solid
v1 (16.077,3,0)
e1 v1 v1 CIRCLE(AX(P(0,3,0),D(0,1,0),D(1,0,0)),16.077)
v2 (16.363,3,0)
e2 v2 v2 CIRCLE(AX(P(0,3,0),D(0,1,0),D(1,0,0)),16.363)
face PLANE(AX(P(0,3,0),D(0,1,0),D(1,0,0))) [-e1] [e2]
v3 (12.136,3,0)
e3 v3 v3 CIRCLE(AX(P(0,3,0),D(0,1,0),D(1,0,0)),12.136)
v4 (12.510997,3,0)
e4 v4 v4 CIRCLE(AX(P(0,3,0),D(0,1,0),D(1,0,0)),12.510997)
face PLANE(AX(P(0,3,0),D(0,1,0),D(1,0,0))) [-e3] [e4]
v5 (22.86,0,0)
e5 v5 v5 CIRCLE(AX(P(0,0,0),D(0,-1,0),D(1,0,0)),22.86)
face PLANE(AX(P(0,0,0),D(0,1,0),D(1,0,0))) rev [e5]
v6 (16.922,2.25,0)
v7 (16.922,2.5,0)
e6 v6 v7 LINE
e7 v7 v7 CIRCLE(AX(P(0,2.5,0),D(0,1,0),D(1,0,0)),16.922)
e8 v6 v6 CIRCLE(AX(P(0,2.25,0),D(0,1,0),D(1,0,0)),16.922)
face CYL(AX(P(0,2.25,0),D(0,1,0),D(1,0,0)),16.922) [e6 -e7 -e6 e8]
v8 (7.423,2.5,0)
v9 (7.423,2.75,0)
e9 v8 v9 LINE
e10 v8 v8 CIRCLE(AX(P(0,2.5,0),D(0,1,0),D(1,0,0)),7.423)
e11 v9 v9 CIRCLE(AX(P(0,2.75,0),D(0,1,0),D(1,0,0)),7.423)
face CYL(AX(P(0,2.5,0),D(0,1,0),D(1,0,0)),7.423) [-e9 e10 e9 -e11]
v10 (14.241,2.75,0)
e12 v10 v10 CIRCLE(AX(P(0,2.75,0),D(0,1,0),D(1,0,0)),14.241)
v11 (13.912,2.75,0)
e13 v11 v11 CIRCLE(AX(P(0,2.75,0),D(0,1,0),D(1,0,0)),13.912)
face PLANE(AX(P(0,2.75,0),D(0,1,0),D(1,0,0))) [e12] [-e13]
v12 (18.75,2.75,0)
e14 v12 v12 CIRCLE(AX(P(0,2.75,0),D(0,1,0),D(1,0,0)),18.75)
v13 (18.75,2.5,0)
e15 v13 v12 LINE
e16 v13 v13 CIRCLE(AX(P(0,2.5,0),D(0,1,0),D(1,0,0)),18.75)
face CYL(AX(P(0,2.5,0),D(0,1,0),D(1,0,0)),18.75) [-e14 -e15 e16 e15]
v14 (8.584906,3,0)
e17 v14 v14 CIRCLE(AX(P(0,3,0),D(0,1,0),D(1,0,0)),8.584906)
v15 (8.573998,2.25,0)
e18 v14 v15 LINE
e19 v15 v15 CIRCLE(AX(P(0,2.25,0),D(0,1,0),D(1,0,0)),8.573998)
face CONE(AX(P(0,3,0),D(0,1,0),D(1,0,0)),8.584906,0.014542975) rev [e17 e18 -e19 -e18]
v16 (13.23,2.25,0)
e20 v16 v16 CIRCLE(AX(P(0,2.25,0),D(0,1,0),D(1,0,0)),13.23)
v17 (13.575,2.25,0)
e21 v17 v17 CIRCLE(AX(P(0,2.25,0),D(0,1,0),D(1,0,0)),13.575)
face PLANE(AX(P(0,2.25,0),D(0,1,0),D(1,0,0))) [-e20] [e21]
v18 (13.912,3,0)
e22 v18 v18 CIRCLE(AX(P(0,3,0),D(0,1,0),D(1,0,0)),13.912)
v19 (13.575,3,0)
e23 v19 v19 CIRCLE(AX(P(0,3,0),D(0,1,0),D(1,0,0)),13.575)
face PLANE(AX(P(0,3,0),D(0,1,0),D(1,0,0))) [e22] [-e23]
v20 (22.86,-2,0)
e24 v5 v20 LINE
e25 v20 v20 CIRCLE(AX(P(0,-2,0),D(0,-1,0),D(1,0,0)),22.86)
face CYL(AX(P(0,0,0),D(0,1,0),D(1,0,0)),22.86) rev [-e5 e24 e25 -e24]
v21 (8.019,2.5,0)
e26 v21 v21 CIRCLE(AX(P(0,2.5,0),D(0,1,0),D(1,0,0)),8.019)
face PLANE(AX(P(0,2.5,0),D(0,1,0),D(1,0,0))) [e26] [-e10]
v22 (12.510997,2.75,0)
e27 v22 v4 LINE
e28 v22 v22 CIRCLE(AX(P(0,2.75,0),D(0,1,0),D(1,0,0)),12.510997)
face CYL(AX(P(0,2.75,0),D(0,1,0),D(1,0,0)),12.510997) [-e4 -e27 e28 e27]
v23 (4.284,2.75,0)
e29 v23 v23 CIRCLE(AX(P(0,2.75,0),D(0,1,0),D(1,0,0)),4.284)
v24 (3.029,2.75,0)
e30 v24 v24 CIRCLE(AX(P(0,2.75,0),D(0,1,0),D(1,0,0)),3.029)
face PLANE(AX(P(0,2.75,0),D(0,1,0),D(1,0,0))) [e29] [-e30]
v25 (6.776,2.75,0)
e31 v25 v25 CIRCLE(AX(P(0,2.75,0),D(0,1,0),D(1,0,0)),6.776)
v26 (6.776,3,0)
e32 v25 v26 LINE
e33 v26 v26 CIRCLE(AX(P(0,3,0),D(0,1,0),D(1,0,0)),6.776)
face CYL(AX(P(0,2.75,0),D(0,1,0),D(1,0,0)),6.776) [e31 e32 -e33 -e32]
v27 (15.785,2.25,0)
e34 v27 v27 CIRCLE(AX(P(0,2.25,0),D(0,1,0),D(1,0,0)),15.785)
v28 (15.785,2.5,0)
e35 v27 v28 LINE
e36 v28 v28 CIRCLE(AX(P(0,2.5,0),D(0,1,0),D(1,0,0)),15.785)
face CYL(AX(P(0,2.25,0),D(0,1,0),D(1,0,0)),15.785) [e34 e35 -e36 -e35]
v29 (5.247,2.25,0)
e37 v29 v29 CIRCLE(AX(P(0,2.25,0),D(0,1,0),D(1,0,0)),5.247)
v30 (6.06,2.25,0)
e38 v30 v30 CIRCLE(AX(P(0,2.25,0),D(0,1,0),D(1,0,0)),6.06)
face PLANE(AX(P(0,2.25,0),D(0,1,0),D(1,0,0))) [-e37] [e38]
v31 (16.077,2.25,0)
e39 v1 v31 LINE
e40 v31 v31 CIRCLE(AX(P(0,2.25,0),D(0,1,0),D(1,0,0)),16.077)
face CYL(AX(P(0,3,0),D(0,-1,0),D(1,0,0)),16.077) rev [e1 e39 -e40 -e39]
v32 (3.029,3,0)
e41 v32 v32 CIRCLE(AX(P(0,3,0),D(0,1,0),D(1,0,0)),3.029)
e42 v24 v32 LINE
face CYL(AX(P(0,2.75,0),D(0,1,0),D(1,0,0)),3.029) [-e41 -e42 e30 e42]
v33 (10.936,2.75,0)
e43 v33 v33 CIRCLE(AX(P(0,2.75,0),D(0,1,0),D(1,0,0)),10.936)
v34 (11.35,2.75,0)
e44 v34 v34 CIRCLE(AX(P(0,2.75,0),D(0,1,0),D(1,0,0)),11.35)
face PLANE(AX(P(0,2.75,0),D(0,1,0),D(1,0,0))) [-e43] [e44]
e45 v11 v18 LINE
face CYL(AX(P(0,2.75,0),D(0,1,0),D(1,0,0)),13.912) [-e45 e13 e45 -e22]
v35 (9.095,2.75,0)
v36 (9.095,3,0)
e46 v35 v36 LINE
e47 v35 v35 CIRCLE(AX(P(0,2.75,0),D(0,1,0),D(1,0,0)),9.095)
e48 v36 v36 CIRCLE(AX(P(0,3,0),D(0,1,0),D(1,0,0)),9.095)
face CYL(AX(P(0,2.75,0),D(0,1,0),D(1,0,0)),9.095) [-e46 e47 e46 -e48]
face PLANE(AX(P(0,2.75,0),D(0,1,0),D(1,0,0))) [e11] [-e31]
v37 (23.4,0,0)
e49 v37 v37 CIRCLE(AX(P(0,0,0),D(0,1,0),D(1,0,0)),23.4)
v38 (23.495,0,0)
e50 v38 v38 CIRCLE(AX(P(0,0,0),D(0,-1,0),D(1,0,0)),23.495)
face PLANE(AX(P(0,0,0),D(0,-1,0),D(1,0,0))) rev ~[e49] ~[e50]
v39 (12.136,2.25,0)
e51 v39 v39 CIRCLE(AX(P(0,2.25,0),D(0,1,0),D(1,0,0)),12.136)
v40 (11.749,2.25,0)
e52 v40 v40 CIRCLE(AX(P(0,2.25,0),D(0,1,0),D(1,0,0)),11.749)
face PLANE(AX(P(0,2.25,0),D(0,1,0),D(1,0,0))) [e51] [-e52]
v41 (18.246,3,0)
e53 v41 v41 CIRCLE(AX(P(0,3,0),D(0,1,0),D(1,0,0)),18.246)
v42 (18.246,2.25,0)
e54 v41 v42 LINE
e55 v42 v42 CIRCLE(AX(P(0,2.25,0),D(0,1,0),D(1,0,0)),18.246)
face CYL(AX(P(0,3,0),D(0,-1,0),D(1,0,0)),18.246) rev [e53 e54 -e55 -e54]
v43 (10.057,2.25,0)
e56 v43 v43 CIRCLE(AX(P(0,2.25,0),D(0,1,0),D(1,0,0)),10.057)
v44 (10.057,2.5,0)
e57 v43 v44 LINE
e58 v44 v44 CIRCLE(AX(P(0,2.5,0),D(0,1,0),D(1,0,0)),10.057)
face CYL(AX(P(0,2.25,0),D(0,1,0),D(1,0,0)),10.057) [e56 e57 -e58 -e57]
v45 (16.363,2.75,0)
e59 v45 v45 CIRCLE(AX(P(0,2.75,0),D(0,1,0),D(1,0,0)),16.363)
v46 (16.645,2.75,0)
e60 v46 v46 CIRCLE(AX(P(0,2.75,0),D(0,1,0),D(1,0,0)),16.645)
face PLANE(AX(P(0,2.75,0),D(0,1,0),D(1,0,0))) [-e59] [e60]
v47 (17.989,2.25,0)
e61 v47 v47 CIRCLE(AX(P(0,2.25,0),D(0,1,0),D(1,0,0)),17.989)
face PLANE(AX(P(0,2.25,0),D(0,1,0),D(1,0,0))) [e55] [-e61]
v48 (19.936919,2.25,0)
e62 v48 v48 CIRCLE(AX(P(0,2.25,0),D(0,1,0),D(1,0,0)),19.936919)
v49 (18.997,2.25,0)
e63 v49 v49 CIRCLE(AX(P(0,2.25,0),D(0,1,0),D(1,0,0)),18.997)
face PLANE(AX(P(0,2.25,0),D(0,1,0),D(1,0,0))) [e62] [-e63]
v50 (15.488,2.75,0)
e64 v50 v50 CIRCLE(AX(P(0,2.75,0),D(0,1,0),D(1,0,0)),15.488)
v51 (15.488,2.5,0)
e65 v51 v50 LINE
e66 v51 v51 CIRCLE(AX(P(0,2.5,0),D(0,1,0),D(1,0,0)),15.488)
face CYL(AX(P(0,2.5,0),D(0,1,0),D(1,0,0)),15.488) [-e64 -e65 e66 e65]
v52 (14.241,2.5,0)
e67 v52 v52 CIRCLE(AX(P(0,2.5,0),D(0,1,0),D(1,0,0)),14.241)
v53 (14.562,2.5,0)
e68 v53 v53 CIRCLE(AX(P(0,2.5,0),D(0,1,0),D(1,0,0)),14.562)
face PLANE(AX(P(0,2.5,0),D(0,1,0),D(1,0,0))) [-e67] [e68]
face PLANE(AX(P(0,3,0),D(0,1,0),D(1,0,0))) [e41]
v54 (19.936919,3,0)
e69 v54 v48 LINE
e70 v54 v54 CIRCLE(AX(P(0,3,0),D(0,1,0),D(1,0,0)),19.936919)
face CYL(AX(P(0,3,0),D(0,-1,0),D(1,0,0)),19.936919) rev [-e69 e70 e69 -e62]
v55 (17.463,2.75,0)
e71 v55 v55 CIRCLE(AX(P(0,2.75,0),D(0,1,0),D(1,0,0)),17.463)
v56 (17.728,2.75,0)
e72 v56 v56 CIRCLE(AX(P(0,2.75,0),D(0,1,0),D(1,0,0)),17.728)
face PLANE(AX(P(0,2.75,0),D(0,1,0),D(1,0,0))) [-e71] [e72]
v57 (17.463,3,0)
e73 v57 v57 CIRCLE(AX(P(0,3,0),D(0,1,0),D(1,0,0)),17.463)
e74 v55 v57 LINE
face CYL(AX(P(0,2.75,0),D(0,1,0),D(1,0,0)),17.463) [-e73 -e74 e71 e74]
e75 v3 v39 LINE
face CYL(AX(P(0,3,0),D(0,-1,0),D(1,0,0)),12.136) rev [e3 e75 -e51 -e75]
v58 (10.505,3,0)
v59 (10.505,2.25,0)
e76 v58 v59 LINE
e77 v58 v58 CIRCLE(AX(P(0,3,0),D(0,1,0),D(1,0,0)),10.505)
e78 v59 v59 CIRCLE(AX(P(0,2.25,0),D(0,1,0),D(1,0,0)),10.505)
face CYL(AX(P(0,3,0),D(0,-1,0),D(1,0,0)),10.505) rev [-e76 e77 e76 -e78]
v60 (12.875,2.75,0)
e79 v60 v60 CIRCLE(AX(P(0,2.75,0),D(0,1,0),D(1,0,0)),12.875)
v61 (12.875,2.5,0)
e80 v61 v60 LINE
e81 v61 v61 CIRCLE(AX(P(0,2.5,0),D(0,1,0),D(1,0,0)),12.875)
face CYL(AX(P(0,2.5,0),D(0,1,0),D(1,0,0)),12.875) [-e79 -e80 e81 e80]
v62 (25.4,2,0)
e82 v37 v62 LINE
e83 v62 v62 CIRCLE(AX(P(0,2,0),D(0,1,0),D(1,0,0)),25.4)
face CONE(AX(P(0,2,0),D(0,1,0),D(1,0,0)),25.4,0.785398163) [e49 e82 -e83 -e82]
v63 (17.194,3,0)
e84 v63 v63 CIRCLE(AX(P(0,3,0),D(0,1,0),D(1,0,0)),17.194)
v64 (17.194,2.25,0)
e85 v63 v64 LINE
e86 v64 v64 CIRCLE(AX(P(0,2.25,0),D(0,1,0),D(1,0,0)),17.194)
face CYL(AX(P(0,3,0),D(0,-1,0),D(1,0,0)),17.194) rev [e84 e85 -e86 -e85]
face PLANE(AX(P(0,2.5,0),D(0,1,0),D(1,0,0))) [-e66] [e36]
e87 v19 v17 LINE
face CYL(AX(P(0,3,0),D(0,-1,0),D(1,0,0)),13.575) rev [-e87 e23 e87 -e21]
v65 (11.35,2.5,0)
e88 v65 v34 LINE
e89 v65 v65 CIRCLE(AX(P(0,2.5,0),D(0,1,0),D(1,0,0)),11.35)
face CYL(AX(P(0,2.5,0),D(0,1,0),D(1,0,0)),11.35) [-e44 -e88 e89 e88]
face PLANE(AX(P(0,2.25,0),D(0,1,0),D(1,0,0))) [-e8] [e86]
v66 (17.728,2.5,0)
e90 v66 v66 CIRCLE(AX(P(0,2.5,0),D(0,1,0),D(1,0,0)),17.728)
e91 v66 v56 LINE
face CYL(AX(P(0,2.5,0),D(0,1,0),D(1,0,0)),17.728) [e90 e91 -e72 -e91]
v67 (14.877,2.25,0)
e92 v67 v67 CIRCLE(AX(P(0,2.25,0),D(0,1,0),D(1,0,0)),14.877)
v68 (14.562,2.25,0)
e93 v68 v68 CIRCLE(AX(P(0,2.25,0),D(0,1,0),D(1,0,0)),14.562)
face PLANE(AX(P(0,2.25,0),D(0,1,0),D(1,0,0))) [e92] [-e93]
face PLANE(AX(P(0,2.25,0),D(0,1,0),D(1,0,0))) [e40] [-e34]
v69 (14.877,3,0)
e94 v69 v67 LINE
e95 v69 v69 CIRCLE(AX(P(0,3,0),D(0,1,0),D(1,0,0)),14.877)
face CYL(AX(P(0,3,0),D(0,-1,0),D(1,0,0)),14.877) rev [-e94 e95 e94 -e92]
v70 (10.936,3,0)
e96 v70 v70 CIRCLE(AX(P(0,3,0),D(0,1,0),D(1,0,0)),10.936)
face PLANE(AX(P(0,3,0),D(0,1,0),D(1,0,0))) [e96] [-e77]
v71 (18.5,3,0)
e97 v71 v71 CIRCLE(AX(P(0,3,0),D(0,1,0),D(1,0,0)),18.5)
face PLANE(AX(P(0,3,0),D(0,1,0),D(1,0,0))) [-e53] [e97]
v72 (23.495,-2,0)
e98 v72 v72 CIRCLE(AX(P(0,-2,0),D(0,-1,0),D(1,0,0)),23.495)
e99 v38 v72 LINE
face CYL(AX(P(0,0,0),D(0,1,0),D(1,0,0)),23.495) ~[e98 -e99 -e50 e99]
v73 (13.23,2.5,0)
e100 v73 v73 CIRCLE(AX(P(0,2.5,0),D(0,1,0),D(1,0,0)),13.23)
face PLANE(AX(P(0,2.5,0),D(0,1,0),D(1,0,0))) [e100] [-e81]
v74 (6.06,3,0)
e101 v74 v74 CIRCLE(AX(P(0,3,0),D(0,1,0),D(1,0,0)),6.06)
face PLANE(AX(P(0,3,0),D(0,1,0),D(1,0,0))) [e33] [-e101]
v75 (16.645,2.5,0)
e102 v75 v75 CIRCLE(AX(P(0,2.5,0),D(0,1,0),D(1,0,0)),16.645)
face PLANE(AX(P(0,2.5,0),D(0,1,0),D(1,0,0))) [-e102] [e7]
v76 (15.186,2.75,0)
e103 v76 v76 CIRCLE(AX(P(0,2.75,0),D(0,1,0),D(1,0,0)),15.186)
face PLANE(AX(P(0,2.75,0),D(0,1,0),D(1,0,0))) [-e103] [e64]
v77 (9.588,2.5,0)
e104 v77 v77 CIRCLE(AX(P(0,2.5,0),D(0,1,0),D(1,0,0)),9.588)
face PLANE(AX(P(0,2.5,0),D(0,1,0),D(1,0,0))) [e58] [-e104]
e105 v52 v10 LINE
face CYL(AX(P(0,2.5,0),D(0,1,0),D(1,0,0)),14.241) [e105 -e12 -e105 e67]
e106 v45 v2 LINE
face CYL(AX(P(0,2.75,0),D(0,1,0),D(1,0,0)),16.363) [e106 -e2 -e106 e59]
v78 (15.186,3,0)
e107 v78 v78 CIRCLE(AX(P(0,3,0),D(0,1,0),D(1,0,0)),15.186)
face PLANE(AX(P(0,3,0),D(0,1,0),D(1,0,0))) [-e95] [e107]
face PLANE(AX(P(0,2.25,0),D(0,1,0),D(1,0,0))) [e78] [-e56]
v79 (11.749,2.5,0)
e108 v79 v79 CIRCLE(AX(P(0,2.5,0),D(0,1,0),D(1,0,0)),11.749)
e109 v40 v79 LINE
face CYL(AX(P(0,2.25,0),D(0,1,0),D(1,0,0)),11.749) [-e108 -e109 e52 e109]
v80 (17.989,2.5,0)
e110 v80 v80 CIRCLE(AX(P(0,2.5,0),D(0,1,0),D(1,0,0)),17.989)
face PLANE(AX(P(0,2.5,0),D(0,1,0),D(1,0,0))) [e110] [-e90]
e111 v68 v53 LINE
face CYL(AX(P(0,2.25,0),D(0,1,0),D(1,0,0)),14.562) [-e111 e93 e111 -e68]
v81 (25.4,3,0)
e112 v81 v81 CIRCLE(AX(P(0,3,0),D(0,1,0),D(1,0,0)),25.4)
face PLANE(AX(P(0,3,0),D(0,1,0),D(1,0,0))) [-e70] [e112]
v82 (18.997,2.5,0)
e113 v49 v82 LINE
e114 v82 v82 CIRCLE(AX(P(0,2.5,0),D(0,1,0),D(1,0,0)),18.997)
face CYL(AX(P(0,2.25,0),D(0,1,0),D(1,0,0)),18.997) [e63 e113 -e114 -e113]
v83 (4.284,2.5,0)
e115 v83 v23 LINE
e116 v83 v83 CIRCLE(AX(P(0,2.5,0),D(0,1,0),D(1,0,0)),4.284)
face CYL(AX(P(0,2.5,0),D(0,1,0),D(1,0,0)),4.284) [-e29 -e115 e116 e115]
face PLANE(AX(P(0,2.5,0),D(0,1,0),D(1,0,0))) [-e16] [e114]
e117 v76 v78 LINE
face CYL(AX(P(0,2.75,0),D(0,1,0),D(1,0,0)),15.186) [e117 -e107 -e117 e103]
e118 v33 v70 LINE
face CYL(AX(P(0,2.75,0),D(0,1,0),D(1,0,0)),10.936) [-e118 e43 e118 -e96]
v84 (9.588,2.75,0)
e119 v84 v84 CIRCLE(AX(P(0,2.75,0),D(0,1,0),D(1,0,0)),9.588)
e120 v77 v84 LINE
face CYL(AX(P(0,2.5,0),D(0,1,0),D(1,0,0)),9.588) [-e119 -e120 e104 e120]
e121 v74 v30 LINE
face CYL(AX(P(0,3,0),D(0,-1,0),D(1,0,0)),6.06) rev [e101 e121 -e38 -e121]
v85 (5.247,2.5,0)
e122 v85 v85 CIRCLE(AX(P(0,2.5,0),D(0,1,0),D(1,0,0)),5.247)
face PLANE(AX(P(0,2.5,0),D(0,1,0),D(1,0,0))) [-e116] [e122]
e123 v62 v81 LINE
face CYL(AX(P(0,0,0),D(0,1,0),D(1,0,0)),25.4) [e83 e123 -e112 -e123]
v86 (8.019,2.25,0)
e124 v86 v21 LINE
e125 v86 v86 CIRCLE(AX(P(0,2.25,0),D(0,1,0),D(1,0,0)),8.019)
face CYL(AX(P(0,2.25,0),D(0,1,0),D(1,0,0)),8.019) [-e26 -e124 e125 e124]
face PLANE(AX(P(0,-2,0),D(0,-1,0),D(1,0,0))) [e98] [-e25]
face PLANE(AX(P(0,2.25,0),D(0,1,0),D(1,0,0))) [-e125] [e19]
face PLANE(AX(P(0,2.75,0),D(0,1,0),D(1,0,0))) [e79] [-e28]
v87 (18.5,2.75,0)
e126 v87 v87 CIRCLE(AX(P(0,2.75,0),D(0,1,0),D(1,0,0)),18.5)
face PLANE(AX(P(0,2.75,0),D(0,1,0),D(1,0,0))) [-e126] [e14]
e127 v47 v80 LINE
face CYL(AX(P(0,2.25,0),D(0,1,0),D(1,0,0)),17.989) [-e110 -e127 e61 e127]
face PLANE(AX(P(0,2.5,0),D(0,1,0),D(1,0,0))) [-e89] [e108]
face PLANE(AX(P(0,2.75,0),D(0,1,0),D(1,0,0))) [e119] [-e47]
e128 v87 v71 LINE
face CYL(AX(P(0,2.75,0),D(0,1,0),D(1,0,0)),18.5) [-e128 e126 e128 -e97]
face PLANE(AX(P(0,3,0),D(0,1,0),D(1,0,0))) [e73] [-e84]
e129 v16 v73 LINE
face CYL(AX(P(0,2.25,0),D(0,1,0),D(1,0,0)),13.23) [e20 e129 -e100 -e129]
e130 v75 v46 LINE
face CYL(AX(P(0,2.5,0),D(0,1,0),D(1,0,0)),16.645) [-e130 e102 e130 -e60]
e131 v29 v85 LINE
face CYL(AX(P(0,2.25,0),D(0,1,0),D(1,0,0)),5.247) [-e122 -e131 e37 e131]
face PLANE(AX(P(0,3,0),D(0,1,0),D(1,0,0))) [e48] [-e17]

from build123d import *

# Parameters (mm, degrees)
F2_SIZE  = 2
F3_R     = 23.495
F3_R_2   = 22.86
F4_DEPTH = 2


with BuildPart() as f1:
    # F0 (on Top) → F1 (revolve)
    with BuildSketch(Plane.XY):
        Polygon((0, 3), (0, 0), (25.4, 0), (25.4, 3), (19.936919, 3), (19.936919, 2.25), (18.997, 2.25), (18.997, 2.5), (18.75, 2.5), (18.75, 2.75), (18.5, 2.75), (18.5, 3), (18.246, 3), (18.246, 2.25), (17.989, 2.25), (17.989, 2.5), (17.728, 2.5), (17.728, 2.75), (17.463, 2.75), (17.463, 3), (17.194, 3), (17.194, 2.25), (16.922, 2.25), (16.922, 2.5), (16.645, 2.5), (16.645, 2.75), (16.363, 2.75), (16.363, 3), (16.077, 3), (16.077, 2.25), (15.785, 2.25), (15.785, 2.5), (15.488, 2.5), (15.488, 2.75), (15.186, 2.75), (15.186, 3), (14.877, 3), (14.877, 2.25), (14.562, 2.25), (14.562, 2.5), (14.241, 2.5), (14.241, 2.75), (13.912, 2.75), (13.912, 3), (13.575, 3), (13.575, 2.25), (13.23, 2.25), (13.23, 2.5), (12.875, 2.5), (12.875, 2.75), (12.510997, 2.75), (12.510997, 3), (12.136, 3), (12.136, 2.25), (11.749, 2.25), (11.749, 2.5), (11.35, 2.5), (11.35, 2.75), (10.936, 2.75), (10.936, 3), (10.505, 3), (10.505, 2.25), (10.057, 2.25), (10.057, 2.5), (9.588, 2.5), (9.588, 2.75), (9.095, 2.75), (9.095, 3), (8.584906, 3), (8.573998, 2.25), (8.019, 2.25), (8.019, 2.5), (7.423, 2.5), (7.423, 2.75), (6.776, 2.75), (6.776, 3), (6.06, 3), (6.06, 2.25), (5.247, 2.25), (5.247, 2.5), (4.284, 2.5), (4.284, 2.75), (3.029, 2.75), (3.029, 3), align=None)
    revolve(axis=Axis((0, 1.5, 0), (0, 1, 0)))

    # F2
    f2_edges = [f1.edges().sort_by_distance(p)[0] for p in [
        (-25.4, 0, 0),
    ]]
    chamfer(f2_edges, length=F2_SIZE)

    # F3 (on Front) → F4 (join)
    with BuildSketch(Plane.XZ):
        Circle(F3_R)
        Circle(F3_R_2, mode=Mode.SUBTRACT)
    extrude(amount=F4_DEPTH)


solid = f1.part
